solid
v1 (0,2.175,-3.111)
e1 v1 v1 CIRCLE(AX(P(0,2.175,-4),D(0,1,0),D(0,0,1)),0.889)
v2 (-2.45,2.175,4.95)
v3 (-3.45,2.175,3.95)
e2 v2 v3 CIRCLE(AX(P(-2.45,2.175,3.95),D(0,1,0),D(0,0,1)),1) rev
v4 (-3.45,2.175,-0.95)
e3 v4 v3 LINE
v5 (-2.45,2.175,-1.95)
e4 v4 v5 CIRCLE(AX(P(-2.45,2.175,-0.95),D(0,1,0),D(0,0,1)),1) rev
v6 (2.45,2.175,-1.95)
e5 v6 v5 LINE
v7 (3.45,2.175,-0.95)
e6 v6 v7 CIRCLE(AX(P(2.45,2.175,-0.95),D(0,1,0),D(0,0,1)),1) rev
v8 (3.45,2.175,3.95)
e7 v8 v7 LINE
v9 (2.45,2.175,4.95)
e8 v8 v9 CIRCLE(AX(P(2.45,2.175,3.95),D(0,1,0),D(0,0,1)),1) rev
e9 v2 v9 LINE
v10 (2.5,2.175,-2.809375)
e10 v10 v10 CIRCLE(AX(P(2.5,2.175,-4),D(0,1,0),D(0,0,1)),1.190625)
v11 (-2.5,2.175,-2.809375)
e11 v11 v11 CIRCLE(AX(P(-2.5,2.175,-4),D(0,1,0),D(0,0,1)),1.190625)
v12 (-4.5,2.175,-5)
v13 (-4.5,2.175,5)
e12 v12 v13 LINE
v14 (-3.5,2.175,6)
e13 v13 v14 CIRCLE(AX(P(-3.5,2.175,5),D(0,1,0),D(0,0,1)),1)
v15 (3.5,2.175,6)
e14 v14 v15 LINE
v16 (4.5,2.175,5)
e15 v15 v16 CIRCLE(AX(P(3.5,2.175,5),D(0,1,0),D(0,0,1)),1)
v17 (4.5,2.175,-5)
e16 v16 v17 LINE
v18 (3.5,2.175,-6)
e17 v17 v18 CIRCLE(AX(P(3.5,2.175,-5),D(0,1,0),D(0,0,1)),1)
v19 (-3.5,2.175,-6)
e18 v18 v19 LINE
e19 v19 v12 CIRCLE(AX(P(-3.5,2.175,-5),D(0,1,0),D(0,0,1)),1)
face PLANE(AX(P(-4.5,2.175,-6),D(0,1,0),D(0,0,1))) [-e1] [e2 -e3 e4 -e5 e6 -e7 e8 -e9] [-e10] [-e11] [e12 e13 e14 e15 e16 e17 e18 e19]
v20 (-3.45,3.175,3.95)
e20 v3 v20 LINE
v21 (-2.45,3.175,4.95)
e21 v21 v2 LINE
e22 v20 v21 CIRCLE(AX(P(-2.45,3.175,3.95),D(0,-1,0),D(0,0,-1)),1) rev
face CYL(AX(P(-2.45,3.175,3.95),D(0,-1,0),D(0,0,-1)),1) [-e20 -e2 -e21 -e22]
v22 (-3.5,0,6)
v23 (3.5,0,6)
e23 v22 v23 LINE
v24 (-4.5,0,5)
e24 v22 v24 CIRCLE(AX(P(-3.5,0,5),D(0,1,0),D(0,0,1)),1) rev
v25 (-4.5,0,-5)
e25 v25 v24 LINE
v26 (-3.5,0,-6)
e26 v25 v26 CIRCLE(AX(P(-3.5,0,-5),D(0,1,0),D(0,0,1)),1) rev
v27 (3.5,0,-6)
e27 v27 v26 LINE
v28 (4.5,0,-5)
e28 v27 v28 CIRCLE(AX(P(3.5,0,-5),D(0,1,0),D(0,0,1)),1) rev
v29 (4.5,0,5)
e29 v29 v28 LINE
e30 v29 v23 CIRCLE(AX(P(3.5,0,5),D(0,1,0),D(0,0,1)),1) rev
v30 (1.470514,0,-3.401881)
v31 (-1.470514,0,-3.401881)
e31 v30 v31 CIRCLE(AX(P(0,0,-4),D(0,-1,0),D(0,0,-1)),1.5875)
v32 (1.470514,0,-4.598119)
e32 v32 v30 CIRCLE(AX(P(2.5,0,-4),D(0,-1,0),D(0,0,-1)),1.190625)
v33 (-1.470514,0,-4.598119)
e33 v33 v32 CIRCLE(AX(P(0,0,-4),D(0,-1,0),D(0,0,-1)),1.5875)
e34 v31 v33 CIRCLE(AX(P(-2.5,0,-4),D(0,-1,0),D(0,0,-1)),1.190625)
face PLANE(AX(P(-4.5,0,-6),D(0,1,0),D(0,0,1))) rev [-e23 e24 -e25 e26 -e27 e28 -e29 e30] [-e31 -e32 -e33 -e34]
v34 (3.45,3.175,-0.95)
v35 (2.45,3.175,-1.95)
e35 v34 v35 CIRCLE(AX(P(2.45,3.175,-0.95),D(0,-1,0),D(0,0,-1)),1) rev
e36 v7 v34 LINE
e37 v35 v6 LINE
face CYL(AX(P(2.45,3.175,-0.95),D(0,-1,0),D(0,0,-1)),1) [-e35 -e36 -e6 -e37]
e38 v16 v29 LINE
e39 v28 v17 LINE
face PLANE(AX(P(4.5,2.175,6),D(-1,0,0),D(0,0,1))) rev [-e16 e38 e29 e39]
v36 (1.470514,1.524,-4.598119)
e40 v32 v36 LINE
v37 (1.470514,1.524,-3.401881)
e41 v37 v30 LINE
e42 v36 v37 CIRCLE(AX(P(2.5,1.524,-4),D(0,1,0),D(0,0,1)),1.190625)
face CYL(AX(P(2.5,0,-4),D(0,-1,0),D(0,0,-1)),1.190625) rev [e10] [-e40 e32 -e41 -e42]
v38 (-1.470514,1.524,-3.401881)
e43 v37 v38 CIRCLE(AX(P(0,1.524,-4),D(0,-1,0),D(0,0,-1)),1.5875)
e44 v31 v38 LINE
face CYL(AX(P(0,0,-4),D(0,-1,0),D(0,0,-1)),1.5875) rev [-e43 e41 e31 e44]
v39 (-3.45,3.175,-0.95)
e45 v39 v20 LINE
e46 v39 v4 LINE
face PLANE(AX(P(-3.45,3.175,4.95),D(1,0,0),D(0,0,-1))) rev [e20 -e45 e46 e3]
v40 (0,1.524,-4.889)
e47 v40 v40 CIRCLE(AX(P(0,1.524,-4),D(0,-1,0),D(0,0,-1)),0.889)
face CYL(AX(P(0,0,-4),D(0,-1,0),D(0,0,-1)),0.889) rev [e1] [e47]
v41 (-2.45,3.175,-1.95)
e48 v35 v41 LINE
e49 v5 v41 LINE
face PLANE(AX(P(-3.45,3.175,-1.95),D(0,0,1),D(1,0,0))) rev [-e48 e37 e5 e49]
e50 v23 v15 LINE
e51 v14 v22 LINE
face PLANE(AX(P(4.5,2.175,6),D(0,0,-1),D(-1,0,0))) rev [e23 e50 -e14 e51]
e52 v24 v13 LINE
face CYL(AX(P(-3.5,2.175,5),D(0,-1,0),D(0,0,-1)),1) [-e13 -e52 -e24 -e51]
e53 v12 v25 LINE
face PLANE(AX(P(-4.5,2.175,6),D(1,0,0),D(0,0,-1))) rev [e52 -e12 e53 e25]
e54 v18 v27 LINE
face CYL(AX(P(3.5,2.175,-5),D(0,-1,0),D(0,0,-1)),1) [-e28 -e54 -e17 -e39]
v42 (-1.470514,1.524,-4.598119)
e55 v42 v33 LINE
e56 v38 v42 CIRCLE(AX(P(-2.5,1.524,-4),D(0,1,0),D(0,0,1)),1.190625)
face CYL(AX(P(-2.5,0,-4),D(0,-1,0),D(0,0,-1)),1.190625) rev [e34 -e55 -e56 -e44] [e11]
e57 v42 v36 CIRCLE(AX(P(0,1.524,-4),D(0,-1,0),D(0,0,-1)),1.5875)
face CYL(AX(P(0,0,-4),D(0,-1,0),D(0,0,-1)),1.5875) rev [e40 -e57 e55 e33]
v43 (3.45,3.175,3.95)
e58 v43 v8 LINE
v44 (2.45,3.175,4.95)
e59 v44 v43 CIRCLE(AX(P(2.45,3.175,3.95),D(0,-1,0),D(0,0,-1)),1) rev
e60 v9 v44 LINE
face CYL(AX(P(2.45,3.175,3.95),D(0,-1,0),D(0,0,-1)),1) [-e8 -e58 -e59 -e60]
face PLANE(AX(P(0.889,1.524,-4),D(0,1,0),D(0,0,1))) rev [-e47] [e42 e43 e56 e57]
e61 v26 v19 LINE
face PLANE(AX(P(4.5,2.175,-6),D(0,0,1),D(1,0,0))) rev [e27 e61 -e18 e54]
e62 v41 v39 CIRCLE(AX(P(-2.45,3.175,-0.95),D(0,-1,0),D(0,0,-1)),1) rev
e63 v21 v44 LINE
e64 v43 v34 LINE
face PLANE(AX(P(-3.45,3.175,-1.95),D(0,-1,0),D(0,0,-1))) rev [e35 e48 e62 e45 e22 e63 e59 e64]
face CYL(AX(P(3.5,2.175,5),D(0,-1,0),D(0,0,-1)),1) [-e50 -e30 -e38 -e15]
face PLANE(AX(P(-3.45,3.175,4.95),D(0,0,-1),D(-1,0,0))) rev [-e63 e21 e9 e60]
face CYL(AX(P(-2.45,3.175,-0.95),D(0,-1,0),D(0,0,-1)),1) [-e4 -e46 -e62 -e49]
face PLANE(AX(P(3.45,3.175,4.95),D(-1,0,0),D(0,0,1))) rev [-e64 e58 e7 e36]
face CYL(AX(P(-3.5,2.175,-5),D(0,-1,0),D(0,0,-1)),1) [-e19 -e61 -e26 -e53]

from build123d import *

# Parameters (mm, degrees)
SKETCH1_W                                      = 9
SKETCH1_H                                      = 12
EXTRUDE1_DEPTH                                 = 2.175
SKETCH3_W                                      = 6.9
SKETCH3_H                                      = 6.9
EXTRUDE3_DEPTH                                 = 1
CBORE_FOR_0_SOCKET_HEAD_CAP_SCREW1_D           = 1.778
CBORE_FOR_0_SOCKET_HEAD_CAP_SCREW1_CBORE_D     = 3.175
CBORE_FOR_0_SOCKET_HEAD_CAP_SCREW1_CBORE_DEPTH = 1.524
F_3_32_0_09375_DIAMETER_HOLE1_D                = 2.38125
F_3_32_0_09375_DIAMETER_HOLE1_DEPTH            = 10
F_3_32_0_09375_DIAMETER_HOLE1_TIP              = 0.715399675
FILLET1_R                                      = 1


with BuildPart() as part:
    # Sketch1 → Extrude1 (new body)
    with BuildSketch(Plane(origin=(0, 0, 0), x_dir=(1, 0, 0), z_dir=(0, 1, 0))):
        Rectangle(SKETCH1_W, SKETCH1_H)
    extrude(amount=EXTRUDE1_DEPTH)

    # Sketch3 → Extrude3 (add)
    with BuildSketch(Plane(origin=(0, 2.175, 0), x_dir=(1, 0, 0), z_dir=(0, 1, 0))):
        with Locations((0, -1.5)):
            Rectangle(SKETCH3_W, SKETCH3_H)
    extrude(amount=EXTRUDE3_DEPTH)

    # CBORE for #0 Socket Head Cap Screw1 (through all)
    with Locations(Plane(origin=(0, 0, -4), x_dir=(0, 0, -1), z_dir=(0, -1, 0))):
        with Locations((0, 0)):
            CounterBoreHole(CBORE_FOR_0_SOCKET_HEAD_CAP_SCREW1_D / 2, CBORE_FOR_0_SOCKET_HEAD_CAP_SCREW1_CBORE_D / 2, CBORE_FOR_0_SOCKET_HEAD_CAP_SCREW1_CBORE_DEPTH)

    # 3/32 (0.09375) Diameter Hole1
    with Locations(Plane(origin=(-2.5, 0, -4), x_dir=(0, 0, -1), z_dir=(0, -1, 0))):
        with Locations((0, 0), (0, 5)):
            Hole(F_3_32_0_09375_DIAMETER_HOLE1_D / 2, depth=F_3_32_0_09375_DIAMETER_HOLE1_DEPTH)
            with Locations((0, 0, -(F_3_32_0_09375_DIAMETER_HOLE1_DEPTH + F_3_32_0_09375_DIAMETER_HOLE1_TIP / 2))):  # 118° drill point
                Cone(0, F_3_32_0_09375_DIAMETER_HOLE1_D / 2, F_3_32_0_09375_DIAMETER_HOLE1_TIP, mode=Mode.SUBTRACT)

    # Fillet1
    fillet1_edges = [part.edges().sort_by_distance(p)[0] for p in [
        (-3.45, 2.675, -1.95),
        (-3.45, 2.675, 4.95),
        (3.45, 2.675, 4.95),
        (3.45, 2.675, -1.95),
        (-4.5, 1.0875, -6),
        (4.5, 1.0875, -6),
        (4.5, 1.0875, 6),
        (-4.5, 1.0875, 6),
    ]]
    fillet(fillet1_edges, radius=FILLET1_R)


solid = part.part
